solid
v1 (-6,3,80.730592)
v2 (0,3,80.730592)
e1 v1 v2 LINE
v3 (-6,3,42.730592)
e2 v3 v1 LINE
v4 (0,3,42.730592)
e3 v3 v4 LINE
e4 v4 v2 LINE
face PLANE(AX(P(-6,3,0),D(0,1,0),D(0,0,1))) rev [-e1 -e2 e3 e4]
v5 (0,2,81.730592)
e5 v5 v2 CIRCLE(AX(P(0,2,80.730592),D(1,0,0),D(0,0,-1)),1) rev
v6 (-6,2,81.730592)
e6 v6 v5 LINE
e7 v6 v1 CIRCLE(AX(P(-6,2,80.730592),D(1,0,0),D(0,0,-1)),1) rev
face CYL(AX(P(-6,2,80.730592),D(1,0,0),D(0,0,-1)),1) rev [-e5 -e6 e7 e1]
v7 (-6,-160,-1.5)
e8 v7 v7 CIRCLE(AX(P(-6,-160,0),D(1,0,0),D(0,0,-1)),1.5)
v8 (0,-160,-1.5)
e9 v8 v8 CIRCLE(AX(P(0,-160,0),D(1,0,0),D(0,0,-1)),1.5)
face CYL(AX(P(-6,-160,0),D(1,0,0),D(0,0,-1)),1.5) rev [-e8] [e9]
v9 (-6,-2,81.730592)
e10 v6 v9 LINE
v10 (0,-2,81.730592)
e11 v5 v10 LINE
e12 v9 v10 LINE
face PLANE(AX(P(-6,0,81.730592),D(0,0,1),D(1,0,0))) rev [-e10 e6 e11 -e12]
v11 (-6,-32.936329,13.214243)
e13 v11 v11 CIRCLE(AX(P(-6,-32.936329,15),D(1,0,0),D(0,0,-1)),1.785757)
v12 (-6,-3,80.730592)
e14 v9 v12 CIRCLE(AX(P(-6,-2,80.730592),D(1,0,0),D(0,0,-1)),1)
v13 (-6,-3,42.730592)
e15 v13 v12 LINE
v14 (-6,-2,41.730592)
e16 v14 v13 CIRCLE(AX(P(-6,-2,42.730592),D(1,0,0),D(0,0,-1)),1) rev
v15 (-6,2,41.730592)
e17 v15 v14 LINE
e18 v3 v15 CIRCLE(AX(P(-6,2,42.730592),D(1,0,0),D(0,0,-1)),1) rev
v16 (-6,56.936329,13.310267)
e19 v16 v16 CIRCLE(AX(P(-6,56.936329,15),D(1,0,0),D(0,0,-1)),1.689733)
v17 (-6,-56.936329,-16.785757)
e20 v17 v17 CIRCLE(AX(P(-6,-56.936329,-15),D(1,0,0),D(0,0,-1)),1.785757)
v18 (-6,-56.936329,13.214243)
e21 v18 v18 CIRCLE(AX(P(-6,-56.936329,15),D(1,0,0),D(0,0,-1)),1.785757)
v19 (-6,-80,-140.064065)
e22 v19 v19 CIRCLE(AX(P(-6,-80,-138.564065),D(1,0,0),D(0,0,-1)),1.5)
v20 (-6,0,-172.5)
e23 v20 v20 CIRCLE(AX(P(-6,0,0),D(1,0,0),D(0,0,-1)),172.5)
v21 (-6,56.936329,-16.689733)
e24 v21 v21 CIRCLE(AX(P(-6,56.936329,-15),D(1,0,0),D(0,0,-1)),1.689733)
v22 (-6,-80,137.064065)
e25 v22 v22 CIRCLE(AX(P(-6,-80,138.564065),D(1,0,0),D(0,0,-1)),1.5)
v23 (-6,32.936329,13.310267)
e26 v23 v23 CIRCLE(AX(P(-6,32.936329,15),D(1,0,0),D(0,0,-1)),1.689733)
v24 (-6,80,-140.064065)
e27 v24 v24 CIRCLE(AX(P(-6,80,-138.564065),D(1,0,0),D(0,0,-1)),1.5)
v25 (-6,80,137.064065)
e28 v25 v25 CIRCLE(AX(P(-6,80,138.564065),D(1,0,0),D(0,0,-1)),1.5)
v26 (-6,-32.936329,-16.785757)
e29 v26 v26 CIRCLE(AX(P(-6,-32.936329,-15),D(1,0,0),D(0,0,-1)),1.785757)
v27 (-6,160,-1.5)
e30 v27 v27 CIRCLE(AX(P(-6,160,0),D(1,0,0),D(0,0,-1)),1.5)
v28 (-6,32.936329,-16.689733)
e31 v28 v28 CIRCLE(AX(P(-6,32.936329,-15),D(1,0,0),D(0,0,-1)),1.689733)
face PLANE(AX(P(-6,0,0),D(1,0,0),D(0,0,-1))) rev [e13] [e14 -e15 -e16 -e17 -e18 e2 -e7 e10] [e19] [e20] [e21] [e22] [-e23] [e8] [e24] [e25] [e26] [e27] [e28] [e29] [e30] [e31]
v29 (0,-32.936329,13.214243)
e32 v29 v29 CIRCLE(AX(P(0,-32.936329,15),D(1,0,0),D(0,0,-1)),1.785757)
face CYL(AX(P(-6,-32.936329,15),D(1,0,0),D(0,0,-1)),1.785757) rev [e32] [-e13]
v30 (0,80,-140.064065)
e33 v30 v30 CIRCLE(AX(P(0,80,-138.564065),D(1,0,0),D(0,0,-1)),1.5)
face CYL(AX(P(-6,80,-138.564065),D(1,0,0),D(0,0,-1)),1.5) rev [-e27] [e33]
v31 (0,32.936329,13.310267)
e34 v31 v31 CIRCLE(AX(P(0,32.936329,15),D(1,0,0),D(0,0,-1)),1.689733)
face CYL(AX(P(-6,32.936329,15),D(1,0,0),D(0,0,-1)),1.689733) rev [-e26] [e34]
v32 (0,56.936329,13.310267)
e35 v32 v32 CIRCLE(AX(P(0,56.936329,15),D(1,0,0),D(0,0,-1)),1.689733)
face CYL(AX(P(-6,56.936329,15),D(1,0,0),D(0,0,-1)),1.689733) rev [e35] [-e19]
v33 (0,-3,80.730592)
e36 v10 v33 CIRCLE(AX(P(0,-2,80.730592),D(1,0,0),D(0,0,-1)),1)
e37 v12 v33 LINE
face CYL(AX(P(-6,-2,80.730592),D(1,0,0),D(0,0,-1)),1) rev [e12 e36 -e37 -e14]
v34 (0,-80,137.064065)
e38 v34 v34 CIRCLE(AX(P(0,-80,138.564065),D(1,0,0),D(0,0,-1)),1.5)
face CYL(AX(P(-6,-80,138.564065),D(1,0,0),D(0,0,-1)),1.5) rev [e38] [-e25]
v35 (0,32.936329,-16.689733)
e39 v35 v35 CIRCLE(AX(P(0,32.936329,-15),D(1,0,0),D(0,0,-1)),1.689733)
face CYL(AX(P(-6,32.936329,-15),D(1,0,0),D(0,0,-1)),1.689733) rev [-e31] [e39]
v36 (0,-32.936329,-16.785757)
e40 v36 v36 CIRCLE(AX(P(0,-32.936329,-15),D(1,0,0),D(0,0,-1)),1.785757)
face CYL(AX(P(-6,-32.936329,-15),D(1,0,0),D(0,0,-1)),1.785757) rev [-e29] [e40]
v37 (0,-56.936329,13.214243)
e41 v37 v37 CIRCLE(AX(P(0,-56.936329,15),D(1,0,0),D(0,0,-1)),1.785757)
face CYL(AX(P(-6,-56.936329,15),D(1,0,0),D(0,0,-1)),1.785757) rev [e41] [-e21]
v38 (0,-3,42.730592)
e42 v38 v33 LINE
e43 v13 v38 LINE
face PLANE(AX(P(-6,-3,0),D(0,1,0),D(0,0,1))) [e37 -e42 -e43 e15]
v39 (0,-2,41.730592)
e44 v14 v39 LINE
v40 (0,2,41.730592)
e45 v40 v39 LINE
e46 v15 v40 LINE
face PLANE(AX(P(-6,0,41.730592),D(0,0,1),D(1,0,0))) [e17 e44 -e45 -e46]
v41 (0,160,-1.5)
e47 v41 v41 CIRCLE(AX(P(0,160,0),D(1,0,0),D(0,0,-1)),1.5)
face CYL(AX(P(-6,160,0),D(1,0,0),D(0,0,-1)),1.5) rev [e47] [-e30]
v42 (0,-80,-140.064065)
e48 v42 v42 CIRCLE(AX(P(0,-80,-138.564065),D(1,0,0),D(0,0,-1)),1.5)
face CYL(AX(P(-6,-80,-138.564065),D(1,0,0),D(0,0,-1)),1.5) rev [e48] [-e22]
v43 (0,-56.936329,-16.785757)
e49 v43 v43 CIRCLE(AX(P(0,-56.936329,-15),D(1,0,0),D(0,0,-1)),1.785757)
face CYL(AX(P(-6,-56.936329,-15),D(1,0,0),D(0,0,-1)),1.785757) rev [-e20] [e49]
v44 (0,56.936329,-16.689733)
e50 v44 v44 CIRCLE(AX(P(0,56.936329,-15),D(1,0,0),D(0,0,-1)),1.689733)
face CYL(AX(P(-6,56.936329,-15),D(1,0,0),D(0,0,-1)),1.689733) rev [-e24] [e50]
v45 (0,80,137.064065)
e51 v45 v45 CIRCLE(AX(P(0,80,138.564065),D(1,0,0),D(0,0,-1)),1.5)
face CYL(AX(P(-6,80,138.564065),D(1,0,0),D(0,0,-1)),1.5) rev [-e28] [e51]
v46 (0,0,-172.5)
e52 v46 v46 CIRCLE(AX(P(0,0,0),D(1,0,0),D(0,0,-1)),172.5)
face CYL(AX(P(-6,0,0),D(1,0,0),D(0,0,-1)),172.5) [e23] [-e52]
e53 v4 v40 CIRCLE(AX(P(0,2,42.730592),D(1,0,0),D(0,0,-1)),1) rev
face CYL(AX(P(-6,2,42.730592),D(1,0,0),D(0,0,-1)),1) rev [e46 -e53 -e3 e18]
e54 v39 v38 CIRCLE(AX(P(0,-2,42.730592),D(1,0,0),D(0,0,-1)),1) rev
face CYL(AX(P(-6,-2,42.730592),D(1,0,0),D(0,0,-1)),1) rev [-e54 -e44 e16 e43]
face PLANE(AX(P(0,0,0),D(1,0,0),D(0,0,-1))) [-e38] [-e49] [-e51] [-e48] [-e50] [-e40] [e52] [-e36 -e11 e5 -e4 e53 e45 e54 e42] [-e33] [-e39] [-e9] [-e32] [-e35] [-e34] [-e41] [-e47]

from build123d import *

# Parameters (mm, degrees)
SKETCH_1_R      = 1.5
SKETCH_1_R_2    = 1.785756588
SKETCH_1_R_3    = 1.689732538
EXTRUDE_1_DEPTH = 6


with BuildPart() as part:
    # 草图1 → 凸台-拉伸1 (new body)
    # profile 1 of 2: a face of its own
    with BuildSketch(Plane(origin=(0, 0, 0), x_dir=(0, 0, -1), z_dir=(1, 0, 0))):
        with BuildLine():
            ThreePointArc((-172.5, 0), (0, -172.5), (172.5, 0))
            Line((172.5, 0), (-41.730591699, 0))
            Line((-41.730591699, 0), (-41.730591699, -2))
            ThreePointArc((-41.730591699, -2), (-42.023484918, -2.707106781), (-42.730591699, -3))
            Line((-42.730591699, -3), (-80.730591699, -3))
            ThreePointArc((-80.730591699, -3), (-81.43769848, -2.707106781), (-81.730591699, -2))
            Line((-81.730591699, -2), (-81.730591699, 0))
            Line((-81.730591699, 0), (-172.5, 0))
        make_face()
        with Locations((-138.564064605, -80)):
            Circle(SKETCH_1_R, mode=Mode.SUBTRACT)
        with Locations((-15, -56.936329309)):
            Circle(SKETCH_1_R_2, mode=Mode.SUBTRACT)
        with Locations((-15, -32.936329309)):
            Circle(SKETCH_1_R_2, mode=Mode.SUBTRACT)
        with Locations((0, -160)):
            Circle(SKETCH_1_R, mode=Mode.SUBTRACT)
        with Locations((15, -56.936329309)):
            Circle(SKETCH_1_R_2, mode=Mode.SUBTRACT)
        with Locations((15, -32.936329309)):
            Circle(SKETCH_1_R_2, mode=Mode.SUBTRACT)
        with Locations((138.564064606, -80)):
            Circle(SKETCH_1_R, mode=Mode.SUBTRACT)
    # profile 2 of 2: a face of its own
    with BuildSketch(Plane(origin=(0, 0, 0), x_dir=(0, 0, -1), z_dir=(1, 0, 0))):
        with BuildLine():
            Line((-41.730591699, 0), (172.5, 0))
            ThreePointArc((172.5, 0), (0, 172.5), (-172.5, 0))
            Line((-172.5, 0), (-81.730591699, 0))
            Line((-81.730591699, 0), (-81.730591699, 2))
            ThreePointArc((-81.730591699, 2), (-81.43769848, 2.707106781), (-80.730591699, 3))
            Line((-80.730591699, 3), (-42.730591699, 3))
            ThreePointArc((-42.730591699, 3), (-42.023484918, 2.707106781), (-41.730591699, 2))
            Line((-41.730591699, 2), (-41.730591699, 0))
        make_face()
        with Locations((-138.564064605, 80)):
            Circle(SKETCH_1_R, mode=Mode.SUBTRACT)
        with Locations((-15, 32.936329309)):
            Circle(SKETCH_1_R_3, mode=Mode.SUBTRACT)
        with Locations((-15, 56.936329309)):
            Circle(SKETCH_1_R_3, mode=Mode.SUBTRACT)
        with Locations((0, 160)):
            Circle(SKETCH_1_R, mode=Mode.SUBTRACT)
        with Locations((15, 32.936329309)):
            Circle(SKETCH_1_R_3, mode=Mode.SUBTRACT)
        with Locations((15, 56.936329309)):
            Circle(SKETCH_1_R_3, mode=Mode.SUBTRACT)
        with Locations((138.564064606, 80)):
            Circle(SKETCH_1_R, mode=Mode.SUBTRACT)
    extrude(amount=-EXTRUDE_1_DEPTH)


solid = part.part
